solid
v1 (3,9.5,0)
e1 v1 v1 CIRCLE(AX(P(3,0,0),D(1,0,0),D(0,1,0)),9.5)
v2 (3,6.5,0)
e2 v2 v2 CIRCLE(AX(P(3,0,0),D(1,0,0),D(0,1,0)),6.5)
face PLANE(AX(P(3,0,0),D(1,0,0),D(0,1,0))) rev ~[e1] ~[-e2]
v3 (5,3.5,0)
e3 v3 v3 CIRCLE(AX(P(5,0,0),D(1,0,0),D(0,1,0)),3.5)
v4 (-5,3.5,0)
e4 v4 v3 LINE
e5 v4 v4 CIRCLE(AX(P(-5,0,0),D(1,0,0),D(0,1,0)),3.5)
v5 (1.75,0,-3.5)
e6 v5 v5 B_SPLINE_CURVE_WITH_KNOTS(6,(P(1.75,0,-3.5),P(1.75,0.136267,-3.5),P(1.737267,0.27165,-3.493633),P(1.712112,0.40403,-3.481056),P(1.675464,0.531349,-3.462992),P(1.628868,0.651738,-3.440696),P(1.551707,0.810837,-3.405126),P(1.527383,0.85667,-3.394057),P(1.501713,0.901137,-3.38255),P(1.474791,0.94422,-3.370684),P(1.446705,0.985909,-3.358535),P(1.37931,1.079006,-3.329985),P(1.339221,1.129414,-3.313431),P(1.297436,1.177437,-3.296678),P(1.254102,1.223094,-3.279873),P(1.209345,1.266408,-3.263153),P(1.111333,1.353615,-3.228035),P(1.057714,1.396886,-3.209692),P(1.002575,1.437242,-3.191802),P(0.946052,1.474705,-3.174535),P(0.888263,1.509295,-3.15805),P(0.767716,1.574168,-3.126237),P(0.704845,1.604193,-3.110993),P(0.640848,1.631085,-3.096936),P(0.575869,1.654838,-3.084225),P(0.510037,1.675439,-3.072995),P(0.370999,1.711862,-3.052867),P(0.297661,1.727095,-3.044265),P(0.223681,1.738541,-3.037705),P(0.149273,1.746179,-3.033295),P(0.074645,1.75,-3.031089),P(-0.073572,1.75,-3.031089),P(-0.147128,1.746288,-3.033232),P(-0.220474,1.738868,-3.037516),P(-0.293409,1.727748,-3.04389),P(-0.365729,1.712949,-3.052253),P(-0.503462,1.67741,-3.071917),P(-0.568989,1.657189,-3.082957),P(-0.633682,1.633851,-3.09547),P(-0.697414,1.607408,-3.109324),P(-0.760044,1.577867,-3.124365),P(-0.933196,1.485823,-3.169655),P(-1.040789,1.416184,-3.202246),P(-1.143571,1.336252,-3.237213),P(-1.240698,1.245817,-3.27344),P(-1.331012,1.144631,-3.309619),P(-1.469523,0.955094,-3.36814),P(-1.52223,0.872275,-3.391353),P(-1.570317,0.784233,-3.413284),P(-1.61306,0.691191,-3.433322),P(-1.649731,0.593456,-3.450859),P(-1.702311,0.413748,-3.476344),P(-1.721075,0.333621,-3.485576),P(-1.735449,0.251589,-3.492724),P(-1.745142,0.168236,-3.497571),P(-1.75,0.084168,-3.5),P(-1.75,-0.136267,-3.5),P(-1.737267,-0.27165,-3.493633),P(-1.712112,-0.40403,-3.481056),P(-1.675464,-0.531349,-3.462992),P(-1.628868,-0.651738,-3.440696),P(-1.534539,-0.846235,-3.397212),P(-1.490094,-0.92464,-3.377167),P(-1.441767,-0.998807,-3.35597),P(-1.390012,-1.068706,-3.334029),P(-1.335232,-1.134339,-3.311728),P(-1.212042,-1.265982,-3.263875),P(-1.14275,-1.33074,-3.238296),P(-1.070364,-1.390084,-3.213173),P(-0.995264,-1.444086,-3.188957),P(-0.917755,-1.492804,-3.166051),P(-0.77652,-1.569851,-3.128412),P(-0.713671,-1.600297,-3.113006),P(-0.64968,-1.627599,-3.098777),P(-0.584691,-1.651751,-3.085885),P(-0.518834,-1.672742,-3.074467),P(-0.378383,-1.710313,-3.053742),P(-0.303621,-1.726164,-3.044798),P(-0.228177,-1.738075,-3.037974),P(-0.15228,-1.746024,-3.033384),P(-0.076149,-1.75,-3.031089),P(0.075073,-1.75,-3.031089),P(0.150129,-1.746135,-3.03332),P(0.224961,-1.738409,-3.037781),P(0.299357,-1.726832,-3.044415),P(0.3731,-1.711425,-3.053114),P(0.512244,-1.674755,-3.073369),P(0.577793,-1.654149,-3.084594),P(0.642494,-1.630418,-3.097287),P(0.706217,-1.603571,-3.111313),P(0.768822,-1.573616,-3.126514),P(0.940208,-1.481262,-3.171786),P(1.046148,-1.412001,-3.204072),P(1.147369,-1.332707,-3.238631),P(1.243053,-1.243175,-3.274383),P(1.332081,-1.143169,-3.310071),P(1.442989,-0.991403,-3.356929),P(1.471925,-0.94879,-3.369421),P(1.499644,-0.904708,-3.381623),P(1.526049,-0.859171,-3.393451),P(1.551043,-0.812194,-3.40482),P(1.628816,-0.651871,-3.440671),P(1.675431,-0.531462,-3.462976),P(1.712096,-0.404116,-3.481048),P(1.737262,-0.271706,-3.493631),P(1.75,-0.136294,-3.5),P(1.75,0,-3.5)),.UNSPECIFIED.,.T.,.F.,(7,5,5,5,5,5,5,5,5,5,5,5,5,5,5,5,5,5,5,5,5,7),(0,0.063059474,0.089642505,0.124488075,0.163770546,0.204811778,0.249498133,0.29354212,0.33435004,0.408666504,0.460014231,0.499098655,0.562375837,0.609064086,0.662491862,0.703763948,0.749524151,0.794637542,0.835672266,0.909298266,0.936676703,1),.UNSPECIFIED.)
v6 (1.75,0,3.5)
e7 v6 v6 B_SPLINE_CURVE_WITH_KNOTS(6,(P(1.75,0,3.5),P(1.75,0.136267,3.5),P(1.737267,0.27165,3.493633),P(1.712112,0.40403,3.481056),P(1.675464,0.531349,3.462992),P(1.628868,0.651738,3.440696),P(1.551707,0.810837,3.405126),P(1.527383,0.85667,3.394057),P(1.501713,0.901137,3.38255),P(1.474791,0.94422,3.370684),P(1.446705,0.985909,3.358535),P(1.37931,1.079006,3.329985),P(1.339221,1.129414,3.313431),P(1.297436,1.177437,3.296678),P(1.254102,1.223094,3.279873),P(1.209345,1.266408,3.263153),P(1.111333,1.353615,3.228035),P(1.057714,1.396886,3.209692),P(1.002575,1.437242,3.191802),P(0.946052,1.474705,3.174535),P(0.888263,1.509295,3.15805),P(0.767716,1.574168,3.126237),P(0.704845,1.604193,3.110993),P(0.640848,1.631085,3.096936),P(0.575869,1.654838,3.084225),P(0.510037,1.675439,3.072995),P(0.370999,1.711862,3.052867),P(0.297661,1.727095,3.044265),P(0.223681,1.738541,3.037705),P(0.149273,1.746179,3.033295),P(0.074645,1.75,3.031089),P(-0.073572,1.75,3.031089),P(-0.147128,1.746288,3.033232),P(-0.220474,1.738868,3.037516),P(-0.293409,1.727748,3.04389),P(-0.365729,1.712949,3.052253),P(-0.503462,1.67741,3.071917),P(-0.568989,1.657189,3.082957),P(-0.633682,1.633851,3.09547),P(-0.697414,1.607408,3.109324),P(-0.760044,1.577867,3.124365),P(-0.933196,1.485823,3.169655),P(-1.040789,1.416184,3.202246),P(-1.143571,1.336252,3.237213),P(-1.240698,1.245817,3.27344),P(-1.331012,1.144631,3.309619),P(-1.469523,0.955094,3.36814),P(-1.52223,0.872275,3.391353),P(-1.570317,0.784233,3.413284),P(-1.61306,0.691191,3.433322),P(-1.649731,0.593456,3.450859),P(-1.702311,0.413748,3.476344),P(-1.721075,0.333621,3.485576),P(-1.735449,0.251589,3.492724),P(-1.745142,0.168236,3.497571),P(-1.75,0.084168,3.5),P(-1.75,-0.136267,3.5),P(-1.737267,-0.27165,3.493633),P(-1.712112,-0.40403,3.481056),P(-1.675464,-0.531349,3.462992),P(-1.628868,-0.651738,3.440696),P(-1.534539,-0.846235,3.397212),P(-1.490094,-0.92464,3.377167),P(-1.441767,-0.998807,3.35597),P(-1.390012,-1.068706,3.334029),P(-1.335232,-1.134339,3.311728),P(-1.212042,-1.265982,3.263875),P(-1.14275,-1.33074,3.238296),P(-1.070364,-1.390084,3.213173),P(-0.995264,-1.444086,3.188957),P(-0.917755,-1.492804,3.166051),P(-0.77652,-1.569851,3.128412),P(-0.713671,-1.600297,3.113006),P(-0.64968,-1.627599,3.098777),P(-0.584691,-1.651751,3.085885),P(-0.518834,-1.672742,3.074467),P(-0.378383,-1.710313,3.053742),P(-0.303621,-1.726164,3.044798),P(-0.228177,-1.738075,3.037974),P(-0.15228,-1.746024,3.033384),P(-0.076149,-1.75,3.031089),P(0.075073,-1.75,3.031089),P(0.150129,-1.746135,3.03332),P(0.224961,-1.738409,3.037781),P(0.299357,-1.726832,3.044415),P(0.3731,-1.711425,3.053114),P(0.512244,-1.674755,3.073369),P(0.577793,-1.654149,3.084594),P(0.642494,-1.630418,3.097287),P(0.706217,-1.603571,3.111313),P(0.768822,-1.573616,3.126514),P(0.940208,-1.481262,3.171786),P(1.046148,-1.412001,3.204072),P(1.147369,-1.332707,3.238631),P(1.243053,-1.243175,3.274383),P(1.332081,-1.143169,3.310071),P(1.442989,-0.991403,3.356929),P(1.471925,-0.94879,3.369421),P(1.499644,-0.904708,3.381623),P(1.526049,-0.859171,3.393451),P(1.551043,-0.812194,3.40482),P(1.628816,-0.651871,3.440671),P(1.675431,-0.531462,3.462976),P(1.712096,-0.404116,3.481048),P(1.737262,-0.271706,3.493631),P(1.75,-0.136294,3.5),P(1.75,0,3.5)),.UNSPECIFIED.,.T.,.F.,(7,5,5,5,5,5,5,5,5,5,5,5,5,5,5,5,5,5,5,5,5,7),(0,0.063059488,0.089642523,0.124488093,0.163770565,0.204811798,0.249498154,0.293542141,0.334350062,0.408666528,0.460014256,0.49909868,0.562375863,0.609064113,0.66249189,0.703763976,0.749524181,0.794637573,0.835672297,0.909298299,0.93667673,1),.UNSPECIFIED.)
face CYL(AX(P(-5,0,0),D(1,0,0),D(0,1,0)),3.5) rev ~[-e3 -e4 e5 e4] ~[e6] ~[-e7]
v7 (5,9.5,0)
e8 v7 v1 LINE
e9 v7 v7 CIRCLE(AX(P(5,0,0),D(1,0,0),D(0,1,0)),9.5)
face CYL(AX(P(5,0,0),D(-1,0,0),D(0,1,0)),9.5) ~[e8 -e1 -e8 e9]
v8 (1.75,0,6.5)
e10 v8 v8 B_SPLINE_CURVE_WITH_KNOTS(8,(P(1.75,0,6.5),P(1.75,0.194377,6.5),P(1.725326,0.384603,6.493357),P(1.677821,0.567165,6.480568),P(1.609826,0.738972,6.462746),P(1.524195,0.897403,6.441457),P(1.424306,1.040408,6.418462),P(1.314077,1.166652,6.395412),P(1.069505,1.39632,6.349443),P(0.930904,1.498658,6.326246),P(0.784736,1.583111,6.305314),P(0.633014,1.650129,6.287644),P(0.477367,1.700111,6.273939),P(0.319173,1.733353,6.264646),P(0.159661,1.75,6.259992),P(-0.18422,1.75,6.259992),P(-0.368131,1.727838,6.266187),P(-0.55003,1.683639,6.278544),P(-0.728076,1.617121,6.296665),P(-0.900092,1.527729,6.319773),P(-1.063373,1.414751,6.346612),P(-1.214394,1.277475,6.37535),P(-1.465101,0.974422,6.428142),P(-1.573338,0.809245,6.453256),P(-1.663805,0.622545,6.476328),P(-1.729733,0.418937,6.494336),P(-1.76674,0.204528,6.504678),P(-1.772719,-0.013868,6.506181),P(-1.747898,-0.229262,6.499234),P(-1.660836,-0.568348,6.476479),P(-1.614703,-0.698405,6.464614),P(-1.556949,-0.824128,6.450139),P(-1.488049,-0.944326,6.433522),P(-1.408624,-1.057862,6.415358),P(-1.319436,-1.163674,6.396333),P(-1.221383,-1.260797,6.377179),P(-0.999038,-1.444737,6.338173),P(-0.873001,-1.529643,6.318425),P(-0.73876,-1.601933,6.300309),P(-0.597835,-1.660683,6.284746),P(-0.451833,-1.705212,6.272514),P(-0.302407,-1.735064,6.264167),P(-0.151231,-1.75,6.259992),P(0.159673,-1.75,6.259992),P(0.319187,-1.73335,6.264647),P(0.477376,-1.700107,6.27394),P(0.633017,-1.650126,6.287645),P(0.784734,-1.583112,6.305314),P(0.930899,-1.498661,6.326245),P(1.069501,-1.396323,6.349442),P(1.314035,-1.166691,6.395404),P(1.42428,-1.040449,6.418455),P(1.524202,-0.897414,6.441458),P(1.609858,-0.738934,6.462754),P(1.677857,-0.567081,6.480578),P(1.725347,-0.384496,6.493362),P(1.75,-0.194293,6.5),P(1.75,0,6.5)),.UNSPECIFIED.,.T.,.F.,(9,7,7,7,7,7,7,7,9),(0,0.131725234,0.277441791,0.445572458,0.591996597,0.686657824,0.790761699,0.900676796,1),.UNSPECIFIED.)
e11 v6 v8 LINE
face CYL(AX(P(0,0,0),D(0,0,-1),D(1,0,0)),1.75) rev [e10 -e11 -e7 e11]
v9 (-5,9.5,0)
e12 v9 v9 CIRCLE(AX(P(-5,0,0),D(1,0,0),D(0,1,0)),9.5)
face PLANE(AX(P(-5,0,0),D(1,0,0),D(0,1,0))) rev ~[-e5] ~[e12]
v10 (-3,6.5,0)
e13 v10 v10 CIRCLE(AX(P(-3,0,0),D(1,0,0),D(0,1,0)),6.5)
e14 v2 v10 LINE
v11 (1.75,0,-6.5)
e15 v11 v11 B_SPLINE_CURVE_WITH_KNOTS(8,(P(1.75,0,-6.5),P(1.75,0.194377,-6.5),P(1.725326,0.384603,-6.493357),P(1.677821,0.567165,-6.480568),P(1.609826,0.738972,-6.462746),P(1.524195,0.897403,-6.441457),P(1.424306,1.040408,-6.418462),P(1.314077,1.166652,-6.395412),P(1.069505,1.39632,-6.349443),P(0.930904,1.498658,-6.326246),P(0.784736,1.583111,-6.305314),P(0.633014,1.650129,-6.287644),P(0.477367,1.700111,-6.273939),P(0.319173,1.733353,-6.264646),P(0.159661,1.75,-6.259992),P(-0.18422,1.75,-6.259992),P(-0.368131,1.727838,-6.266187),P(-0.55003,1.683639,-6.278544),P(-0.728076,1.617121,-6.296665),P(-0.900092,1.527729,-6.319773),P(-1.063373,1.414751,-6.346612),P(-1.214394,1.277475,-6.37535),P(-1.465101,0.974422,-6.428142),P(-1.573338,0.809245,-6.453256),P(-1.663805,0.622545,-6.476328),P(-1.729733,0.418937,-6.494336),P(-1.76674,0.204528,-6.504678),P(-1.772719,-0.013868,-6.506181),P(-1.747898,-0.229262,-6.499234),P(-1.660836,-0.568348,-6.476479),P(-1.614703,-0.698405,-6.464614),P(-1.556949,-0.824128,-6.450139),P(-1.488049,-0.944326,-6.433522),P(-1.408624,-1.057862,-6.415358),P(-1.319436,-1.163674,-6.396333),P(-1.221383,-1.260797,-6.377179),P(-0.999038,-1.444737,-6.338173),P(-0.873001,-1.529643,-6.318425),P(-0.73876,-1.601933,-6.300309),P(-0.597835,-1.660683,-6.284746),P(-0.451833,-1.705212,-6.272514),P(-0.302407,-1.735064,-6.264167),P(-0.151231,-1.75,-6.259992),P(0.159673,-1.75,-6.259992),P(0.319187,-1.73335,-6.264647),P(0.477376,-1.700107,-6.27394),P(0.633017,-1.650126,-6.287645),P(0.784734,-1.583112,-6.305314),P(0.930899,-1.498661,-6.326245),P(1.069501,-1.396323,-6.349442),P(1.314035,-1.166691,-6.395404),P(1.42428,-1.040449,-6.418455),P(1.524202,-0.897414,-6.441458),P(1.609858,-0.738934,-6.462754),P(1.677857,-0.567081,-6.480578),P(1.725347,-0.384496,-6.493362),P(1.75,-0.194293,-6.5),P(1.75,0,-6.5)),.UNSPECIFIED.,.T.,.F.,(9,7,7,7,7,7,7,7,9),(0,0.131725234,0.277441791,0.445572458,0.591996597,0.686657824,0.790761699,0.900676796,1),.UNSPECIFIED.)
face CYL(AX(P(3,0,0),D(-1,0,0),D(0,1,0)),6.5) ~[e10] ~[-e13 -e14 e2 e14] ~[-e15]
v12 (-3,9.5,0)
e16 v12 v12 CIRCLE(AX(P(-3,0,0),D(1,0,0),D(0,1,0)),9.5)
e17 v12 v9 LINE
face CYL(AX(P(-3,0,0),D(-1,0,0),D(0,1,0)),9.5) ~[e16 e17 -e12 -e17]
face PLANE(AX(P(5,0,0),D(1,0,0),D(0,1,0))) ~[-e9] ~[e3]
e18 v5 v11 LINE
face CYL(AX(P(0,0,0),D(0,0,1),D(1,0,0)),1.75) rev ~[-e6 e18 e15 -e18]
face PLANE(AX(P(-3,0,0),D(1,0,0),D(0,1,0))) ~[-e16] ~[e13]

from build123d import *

# Parameters (mm, degrees)
F2_R          = 1.75
F3_DEPTH      = 9.501
F3_DEPTH_BACK = 9.501


with BuildPart() as f1:
    # F0 (on Top) → F1 (revolve)
    with BuildSketch(Plane.XY):
        Polygon((-5, 9.5), (-5, 3.5), (5, 3.5), (5, 9.5), (3, 9.5), (3, 6.5), (-3, 6.5), (-3, 9.5), align=None)
    revolve(axis=Axis((0, 0, 0), (1, 0, 0)))

    # F2 (on Top) → F3 (cut, two sides)
    with BuildSketch(Plane.XY) as f3_sk:
        Circle(F2_R)
    extrude(amount=F3_DEPTH, mode=Mode.SUBTRACT)
    extrude(f3_sk.sketch, amount=-F3_DEPTH_BACK, mode=Mode.SUBTRACT)


solid = f1.part
